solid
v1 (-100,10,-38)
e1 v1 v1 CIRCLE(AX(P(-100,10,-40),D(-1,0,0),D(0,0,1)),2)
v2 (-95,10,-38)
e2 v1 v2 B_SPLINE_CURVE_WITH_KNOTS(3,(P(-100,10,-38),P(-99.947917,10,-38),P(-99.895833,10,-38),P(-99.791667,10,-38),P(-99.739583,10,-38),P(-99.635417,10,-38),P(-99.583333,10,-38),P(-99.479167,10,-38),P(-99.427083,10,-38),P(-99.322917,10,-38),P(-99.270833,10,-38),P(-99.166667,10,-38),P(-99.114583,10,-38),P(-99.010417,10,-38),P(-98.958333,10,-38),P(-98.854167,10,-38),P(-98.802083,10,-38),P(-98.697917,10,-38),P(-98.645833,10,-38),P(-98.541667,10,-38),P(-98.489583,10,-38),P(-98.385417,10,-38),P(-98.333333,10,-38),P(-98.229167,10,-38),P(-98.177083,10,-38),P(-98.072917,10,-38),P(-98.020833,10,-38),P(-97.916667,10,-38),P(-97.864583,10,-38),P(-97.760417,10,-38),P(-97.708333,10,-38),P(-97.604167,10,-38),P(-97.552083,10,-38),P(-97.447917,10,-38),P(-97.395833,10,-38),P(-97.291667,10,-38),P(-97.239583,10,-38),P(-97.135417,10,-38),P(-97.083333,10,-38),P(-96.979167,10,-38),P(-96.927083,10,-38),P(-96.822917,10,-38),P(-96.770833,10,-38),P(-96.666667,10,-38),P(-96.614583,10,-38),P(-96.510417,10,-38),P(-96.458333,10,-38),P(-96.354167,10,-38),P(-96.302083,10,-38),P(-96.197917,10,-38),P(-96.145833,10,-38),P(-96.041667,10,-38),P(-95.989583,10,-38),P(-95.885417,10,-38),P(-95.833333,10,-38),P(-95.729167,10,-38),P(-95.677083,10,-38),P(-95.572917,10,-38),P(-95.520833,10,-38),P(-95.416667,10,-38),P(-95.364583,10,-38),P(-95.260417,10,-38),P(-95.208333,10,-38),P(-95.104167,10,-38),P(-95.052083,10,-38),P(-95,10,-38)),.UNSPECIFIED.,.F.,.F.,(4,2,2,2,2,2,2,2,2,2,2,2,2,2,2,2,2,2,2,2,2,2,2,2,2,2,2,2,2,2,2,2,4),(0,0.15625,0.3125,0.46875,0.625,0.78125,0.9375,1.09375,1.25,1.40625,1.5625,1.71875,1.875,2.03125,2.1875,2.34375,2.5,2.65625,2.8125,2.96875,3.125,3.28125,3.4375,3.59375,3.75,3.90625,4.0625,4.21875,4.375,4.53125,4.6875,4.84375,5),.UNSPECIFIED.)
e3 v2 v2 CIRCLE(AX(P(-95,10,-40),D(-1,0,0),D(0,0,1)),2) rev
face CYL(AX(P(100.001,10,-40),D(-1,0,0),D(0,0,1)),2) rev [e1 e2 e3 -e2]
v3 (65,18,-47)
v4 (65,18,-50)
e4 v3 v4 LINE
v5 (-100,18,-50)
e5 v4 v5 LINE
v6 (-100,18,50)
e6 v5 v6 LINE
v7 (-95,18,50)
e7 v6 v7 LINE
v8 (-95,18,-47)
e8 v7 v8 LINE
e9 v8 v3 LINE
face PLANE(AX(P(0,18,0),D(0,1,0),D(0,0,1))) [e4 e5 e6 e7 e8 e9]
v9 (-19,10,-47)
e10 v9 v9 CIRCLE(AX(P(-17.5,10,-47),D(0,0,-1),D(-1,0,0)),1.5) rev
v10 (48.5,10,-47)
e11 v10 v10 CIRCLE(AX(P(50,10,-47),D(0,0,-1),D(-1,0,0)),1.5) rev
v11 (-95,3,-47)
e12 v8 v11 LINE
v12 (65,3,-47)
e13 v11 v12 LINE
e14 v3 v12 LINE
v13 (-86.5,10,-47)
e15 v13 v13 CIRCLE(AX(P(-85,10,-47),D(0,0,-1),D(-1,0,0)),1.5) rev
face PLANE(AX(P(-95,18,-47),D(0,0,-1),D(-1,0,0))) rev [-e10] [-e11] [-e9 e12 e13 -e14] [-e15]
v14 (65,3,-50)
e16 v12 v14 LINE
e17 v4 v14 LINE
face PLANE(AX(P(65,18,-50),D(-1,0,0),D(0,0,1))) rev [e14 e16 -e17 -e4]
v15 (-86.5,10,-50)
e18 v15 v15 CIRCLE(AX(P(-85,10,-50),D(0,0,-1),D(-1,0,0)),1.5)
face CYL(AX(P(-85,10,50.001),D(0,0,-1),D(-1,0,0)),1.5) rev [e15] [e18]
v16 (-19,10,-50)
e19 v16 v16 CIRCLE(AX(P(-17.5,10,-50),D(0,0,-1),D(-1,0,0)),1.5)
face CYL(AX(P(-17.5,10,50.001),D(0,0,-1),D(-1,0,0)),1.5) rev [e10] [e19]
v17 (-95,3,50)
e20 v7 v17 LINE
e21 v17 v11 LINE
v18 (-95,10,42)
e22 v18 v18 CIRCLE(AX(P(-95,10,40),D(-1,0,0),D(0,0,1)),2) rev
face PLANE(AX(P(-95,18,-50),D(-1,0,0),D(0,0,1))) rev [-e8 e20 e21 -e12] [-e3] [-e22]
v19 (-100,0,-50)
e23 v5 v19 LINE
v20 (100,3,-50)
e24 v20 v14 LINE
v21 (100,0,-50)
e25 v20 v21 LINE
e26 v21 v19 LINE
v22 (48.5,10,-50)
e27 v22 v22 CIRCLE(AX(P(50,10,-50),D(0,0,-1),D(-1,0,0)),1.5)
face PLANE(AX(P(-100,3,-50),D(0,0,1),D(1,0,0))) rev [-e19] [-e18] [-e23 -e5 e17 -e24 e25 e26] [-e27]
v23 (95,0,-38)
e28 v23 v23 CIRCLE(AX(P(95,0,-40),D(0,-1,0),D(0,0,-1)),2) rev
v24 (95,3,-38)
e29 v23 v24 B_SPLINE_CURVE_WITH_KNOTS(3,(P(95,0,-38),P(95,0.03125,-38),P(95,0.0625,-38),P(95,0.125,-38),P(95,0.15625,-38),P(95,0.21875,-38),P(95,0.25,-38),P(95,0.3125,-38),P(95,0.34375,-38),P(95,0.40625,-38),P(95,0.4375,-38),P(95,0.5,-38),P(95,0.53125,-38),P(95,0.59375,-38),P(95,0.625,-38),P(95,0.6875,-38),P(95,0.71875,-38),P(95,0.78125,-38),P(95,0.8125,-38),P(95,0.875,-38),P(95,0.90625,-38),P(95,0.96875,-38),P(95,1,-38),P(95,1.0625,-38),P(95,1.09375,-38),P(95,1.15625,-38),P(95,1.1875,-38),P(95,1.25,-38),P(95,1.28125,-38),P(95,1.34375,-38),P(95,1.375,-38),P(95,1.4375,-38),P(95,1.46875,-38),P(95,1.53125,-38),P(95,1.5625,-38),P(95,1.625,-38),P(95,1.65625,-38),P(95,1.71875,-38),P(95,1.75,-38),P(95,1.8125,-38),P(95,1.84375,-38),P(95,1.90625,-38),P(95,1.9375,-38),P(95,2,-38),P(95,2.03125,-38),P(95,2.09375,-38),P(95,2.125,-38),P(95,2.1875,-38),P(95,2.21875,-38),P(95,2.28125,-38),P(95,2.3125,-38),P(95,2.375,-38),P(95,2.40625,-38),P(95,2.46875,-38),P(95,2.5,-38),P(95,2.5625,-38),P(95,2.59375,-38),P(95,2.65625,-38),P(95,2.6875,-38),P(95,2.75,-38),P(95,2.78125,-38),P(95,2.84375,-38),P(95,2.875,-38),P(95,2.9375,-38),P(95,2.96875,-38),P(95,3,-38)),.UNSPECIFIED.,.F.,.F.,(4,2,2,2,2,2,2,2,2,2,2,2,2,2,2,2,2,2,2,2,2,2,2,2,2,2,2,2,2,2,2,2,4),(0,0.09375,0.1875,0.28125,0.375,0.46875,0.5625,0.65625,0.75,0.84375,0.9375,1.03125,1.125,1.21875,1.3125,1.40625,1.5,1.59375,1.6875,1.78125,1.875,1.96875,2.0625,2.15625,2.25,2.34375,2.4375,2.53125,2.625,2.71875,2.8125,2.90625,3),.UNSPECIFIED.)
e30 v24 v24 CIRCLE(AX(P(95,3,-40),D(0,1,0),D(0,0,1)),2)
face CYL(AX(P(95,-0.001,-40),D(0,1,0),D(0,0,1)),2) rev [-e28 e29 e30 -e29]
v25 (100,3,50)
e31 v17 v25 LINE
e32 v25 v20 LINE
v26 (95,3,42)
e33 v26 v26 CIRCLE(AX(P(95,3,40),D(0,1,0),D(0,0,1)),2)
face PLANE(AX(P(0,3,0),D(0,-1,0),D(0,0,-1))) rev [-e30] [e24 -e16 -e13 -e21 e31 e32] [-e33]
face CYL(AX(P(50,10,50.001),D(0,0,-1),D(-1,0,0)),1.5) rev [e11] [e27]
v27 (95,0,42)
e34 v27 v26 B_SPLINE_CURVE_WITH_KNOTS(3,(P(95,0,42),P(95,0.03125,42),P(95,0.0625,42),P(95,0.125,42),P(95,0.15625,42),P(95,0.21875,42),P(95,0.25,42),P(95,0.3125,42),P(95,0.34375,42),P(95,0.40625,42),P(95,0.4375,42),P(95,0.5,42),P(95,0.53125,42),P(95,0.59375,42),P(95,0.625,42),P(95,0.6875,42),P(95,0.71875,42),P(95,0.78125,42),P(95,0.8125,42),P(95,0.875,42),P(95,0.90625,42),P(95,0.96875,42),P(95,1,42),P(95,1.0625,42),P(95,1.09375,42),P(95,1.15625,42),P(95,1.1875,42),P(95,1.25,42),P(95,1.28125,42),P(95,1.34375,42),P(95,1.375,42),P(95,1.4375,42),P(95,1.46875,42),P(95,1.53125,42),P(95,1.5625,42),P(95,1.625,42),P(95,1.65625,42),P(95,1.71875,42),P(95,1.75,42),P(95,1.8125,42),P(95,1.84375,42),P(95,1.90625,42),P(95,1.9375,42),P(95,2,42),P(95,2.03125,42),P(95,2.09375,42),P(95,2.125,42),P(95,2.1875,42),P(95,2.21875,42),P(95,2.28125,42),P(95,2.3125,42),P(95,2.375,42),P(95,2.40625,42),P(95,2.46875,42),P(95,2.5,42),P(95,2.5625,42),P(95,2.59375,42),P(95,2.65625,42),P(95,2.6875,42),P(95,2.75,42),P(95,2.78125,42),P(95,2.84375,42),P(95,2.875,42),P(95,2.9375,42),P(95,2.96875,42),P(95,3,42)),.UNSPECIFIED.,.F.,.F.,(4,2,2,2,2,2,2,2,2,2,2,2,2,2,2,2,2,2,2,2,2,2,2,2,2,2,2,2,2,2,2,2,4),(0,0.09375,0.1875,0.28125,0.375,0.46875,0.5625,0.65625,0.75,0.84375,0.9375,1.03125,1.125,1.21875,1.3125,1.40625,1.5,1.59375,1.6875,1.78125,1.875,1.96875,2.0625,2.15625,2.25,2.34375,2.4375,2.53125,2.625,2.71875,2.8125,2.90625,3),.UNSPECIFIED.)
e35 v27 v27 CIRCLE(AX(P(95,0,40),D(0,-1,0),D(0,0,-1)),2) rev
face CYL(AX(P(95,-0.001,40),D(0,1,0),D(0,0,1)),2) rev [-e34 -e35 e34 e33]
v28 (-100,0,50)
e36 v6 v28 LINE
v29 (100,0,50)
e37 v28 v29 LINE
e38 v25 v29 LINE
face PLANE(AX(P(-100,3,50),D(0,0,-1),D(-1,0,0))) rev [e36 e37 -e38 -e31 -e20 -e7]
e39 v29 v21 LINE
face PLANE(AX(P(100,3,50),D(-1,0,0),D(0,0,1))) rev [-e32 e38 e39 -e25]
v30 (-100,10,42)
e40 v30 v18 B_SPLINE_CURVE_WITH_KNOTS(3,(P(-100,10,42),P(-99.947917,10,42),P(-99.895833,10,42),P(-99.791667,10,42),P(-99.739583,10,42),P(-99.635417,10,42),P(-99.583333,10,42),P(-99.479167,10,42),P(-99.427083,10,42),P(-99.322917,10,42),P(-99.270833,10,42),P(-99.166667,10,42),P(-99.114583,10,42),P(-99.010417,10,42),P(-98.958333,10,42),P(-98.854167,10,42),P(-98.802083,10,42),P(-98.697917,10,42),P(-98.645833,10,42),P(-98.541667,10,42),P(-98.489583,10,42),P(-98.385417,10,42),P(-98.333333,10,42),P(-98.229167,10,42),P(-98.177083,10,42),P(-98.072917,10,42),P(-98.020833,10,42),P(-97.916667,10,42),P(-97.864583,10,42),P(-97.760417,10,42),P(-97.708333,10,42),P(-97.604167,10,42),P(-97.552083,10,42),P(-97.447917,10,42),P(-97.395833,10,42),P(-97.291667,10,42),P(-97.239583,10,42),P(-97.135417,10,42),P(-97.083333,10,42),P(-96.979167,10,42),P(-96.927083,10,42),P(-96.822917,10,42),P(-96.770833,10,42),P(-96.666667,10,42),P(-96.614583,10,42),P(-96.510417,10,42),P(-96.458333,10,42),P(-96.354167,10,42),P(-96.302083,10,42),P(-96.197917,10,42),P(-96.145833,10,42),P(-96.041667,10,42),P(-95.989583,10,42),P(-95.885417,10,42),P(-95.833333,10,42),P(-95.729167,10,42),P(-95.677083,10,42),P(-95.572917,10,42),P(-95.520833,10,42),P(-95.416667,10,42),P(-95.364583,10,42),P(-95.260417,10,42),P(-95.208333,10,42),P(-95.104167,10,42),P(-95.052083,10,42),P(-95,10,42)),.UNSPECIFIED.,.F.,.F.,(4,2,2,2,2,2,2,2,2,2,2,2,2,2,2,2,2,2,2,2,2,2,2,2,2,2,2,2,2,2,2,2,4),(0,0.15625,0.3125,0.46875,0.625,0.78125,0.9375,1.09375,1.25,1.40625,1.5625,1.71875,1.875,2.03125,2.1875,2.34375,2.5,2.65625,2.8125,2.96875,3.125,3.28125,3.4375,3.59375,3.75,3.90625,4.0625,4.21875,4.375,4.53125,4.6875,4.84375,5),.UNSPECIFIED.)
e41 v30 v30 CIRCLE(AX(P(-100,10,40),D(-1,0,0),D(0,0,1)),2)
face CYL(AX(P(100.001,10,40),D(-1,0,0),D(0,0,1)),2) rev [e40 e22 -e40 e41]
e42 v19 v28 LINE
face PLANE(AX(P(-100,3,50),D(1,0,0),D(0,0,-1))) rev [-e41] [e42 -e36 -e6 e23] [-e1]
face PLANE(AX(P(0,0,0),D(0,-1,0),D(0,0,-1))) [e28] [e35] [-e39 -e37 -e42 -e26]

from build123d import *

# Parameters (mm, degrees)
SKETCH1_W           = 200
SKETCH1_H           = 100
BOSS_EXTRUDE1_DEPTH = 3
SKETCH2_W           = 5
SKETCH2_H           = 100
BOSS_EXTRUDE2_DEPTH = 15
CUT_EXTRUDE1_REACH  = 208.94
SKETCH3_R           = 2
LPATTERN1_COUNT     = 2
LPATTERN1_PITCH     = 80
CUT_EXTRUDE2_REACH  = 114.805
SKETCH4_R           = 2
LPATTERN2_COUNT     = 2
LPATTERN2_PITCH     = 80
SKETCH5_W           = 160
SKETCH5_H           = 3
BOSS_EXTRUDE3_DEPTH = 15
CUT_EXTRUDE3_REACH  = 144.562
SKETCH6_R           = 1.5


with BuildPart() as part:
    # Sketch1 → Boss-Extrude1 (new body)
    with BuildSketch(Plane(origin=(0, 0, 0), x_dir=(1, 0, 0), z_dir=(0, 1, 0))):
        Rectangle(SKETCH1_W, SKETCH1_H)
    extrude(amount=BOSS_EXTRUDE1_DEPTH)

    # Sketch2 → Boss-Extrude2 (add)
    with BuildSketch(Plane(origin=(0, 3, 0), x_dir=(1, 0, 0), z_dir=(0, 1, 0))):
        with Locations((-97.5, 0)):
            Rectangle(SKETCH2_W, SKETCH2_H)
    extrude(amount=BOSS_EXTRUDE2_DEPTH)

    # Sketch3 → Cut-Extrude1 (cut, up to next)
    with BuildSketch(Plane.ZY.offset(100), mode=Mode.PRIVATE) as cut_extrude1_sk1:
        with Locations((40, 10)):
            Circle(SKETCH3_R)
    cut_extrude1_tool1 = extrude(cut_extrude1_sk1.sketch, amount=-CUT_EXTRUDE1_REACH, mode=Mode.PRIVATE) & part.part
    cut_extrude1 = cut_extrude1_tool1.solids().sort_by_distance((-100, 10, 40))[0]
    add(cut_extrude1, mode=Mode.SUBTRACT)

    # LPattern1: Cut-Extrude1 ×2
    with Locations(*[(0, 0, -i * LPATTERN1_PITCH) for i in range(1, LPATTERN1_COUNT)]):
        add(cut_extrude1, mode=Mode.SUBTRACT)

    # Sketch4 → Cut-Extrude2 (cut, up to next)
    with BuildSketch(Plane(origin=(0, 3, 0), x_dir=(1, 0, 0), z_dir=(0, 1, 0)), mode=Mode.PRIVATE) as cut_extrude2_sk1:
        with Locations(Location((95, 40, 0), (0, 0, 270))):
            Circle(SKETCH4_R)
    cut_extrude2_tool1 = extrude(cut_extrude2_sk1.sketch, amount=-CUT_EXTRUDE2_REACH, mode=Mode.PRIVATE) & part.part
    cut_extrude2 = cut_extrude2_tool1.solids().sort_by_distance((95, 3, -40))[0]
    add(cut_extrude2, mode=Mode.SUBTRACT)

    # LPattern2: Cut-Extrude2 ×2
    with Locations(*[(0, 0, i * LPATTERN2_PITCH) for i in range(1, LPATTERN2_COUNT)]):
        add(cut_extrude2, mode=Mode.SUBTRACT)

    # Sketch5 → Boss-Extrude3 (add)
    with BuildSketch(Plane(origin=(0, 3, 0), x_dir=(1, 0, 0), z_dir=(0, 1, 0))):
        with Locations((-15, 48.5)):
            Rectangle(SKETCH5_W, SKETCH5_H)
    extrude(amount=BOSS_EXTRUDE3_DEPTH)

    # Sketch6 → Cut-Extrude3 (cut, up to next)
    with BuildSketch(Plane(origin=(0, 0, -50), x_dir=(-1, 0, 0), z_dir=(0, 0, -1)), mode=Mode.PRIVATE) as cut_extrude3_sk1:
        with Locations((85, 10)):
            Circle(SKETCH6_R)
    cut_extrude3_tool1 = extrude(cut_extrude3_sk1.sketch, amount=-CUT_EXTRUDE3_REACH, mode=Mode.PRIVATE) & part.part
    # Sketch6 → Cut-Extrude3 (cut, up to next)
    with BuildSketch(Plane(origin=(0, 0, -50), x_dir=(-1, 0, 0), z_dir=(0, 0, -1)), mode=Mode.PRIVATE) as cut_extrude3_sk2:
        with Locations((17.5, 10)):
            Circle(SKETCH6_R)
    cut_extrude3_tool2 = extrude(cut_extrude3_sk2.sketch, amount=-CUT_EXTRUDE3_REACH, mode=Mode.PRIVATE) & part.part
    # Sketch6 → Cut-Extrude3 (cut, up to next)
    with BuildSketch(Plane(origin=(0, 0, -50), x_dir=(-1, 0, 0), z_dir=(0, 0, -1)), mode=Mode.PRIVATE) as cut_extrude3_sk3:
        with Locations((-50, 10)):
            Circle(SKETCH6_R)
    cut_extrude3_tool3 = extrude(cut_extrude3_sk3.sketch, amount=-CUT_EXTRUDE3_REACH, mode=Mode.PRIVATE) & part.part
    add(cut_extrude3_tool1.solids().sort_by_distance((-85, 10, -50))[0], mode=Mode.SUBTRACT)
    add(cut_extrude3_tool2.solids().sort_by_distance((-17.5, 10, -50))[0], mode=Mode.SUBTRACT)
    add(cut_extrude3_tool3.solids().sort_by_distance((50, 10, -50))[0], mode=Mode.SUBTRACT)


solid = part.part
